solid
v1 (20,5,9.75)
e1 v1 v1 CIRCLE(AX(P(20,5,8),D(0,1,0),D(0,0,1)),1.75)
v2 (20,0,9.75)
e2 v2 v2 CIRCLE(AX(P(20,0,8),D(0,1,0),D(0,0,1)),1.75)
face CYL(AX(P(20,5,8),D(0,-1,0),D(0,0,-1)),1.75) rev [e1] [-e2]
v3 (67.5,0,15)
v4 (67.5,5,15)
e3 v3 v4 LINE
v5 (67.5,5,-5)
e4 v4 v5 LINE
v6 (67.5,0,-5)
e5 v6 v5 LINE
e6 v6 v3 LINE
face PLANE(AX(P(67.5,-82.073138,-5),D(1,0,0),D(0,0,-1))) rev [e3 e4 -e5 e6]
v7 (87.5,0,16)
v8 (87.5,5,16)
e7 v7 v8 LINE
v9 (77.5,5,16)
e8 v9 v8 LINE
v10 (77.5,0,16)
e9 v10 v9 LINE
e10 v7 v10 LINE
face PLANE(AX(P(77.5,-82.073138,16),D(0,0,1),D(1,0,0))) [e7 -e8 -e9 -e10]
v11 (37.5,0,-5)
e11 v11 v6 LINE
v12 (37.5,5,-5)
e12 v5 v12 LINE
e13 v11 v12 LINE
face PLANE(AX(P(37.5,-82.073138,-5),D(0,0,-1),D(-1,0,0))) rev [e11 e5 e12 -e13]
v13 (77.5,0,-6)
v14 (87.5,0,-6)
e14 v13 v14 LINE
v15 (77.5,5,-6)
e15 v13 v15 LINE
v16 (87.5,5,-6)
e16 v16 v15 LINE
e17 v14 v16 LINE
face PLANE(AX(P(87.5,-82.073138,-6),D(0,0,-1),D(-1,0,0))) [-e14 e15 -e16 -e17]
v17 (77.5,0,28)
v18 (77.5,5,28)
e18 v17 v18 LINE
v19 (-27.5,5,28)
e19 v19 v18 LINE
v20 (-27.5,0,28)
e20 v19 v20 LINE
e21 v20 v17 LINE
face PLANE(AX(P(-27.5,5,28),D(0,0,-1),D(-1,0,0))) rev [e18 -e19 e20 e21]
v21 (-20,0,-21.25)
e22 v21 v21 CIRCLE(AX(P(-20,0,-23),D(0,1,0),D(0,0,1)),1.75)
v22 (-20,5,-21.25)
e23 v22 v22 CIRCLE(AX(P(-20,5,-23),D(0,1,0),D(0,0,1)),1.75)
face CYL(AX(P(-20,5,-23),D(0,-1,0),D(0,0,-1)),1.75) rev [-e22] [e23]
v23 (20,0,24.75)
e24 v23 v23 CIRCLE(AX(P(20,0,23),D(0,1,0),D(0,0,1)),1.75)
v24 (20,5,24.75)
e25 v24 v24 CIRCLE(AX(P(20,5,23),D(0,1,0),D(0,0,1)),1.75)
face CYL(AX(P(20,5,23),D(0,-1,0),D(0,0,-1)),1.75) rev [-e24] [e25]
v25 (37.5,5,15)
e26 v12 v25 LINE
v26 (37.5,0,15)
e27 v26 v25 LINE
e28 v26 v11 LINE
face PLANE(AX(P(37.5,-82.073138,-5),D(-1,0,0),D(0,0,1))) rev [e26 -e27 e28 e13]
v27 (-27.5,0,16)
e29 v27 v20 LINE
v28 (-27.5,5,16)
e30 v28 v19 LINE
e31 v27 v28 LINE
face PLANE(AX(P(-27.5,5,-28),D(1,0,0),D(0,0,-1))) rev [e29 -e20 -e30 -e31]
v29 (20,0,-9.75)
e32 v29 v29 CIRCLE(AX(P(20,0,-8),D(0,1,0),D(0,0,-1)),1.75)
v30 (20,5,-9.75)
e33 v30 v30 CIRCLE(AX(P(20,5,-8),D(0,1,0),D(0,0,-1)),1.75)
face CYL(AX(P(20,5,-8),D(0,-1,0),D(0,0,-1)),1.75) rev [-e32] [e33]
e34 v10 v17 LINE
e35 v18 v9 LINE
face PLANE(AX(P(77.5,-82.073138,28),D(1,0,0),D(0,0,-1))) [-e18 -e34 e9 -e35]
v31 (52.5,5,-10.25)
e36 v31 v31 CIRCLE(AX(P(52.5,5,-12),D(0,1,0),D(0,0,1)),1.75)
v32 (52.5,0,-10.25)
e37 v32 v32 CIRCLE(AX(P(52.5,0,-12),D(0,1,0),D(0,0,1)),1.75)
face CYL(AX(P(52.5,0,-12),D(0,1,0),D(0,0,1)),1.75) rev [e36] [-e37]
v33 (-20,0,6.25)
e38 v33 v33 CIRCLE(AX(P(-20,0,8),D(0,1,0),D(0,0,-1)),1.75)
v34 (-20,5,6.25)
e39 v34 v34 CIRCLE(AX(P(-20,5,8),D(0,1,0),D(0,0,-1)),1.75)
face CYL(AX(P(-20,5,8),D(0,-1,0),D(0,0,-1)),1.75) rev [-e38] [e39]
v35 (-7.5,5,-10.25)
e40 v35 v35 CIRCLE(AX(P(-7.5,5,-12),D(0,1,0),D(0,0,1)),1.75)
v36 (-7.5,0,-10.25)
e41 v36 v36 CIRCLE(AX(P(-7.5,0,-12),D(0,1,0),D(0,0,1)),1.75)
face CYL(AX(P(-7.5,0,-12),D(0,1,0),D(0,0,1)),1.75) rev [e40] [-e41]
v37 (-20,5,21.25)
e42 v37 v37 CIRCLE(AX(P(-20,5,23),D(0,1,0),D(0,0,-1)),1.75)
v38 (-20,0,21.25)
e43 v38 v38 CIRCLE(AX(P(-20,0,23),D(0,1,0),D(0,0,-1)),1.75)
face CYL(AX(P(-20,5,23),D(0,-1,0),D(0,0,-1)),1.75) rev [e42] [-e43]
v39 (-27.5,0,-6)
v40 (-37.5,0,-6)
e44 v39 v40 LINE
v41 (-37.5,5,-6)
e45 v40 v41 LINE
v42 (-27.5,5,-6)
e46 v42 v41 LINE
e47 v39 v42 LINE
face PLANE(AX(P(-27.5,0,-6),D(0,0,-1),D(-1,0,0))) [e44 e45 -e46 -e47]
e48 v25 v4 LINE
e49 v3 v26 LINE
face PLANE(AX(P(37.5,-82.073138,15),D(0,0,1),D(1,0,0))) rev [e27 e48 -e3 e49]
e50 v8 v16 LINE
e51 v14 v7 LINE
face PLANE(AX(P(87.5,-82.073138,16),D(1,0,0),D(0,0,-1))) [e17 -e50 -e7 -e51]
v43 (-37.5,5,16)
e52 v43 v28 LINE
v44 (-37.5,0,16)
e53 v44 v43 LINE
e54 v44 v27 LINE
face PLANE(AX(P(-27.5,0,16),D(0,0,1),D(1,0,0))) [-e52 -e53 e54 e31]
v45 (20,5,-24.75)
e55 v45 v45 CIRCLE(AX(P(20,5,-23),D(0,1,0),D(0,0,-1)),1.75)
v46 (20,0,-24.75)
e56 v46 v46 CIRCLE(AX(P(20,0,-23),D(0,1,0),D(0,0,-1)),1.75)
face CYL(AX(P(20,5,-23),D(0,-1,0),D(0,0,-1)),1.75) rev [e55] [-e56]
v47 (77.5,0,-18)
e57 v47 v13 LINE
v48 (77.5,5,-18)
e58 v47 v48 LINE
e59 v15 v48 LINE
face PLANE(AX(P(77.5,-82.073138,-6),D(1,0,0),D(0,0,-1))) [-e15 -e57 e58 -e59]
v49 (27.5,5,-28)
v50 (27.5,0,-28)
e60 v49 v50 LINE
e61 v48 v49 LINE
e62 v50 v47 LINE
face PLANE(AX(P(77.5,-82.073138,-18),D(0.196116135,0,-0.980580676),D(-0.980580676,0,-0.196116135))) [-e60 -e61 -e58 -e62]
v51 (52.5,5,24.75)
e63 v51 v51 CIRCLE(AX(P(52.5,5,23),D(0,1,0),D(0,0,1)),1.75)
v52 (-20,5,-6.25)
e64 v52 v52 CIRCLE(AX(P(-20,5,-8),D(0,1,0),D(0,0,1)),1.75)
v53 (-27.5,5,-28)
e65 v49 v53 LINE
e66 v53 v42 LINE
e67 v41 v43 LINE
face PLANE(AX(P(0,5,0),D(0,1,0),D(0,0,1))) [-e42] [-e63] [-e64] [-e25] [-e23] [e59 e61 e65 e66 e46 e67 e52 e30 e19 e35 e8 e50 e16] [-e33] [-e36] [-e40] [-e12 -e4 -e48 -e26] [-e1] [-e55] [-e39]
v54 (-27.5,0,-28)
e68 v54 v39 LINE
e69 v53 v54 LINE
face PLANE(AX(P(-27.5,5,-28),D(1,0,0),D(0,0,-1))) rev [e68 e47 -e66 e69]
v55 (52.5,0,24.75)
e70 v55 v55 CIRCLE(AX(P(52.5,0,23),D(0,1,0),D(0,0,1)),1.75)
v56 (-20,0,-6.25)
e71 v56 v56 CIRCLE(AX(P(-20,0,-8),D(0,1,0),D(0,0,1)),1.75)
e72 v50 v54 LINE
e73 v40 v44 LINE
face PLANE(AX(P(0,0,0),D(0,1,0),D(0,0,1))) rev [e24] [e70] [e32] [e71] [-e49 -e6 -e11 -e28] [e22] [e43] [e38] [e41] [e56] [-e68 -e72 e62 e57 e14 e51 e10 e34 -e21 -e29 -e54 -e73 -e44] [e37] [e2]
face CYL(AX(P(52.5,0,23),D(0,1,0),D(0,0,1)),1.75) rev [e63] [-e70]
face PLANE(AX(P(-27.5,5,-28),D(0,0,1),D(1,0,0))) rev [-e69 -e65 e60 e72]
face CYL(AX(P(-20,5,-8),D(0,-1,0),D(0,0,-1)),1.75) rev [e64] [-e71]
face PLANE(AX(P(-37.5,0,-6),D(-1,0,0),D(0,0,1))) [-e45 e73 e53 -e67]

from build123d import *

# Parameters (mm, degrees)
SKETCH2_W           = 55
SKETCH2_H           = 56
SKETCH2_R           = 1.75
BOSS_EXTRUDE1_DEPTH = 5
SKETCH3_W           = 30
SKETCH3_H           = 20
BOSS_EXTRUDE2_DEPTH = 5
SKETCH5_W           = 10
SKETCH5_H           = 22
BOSS_EXTRUDE3_DEPTH = 5
SKETCH6_R           = 1.75
CUT_EXTRUDE1_DEPTH  = 5


with BuildPart() as part:
    # Sketch2 → Boss-Extrude1 (new body)
    with BuildSketch(Plane(origin=(0, 0, 0), x_dir=(1, 0, 0), z_dir=(0, 1, 0))):
        Rectangle(SKETCH2_W, SKETCH2_H)
        with Locations(Location((-20, 8, 0), (0, 0, 270))):
            Circle(SKETCH2_R, mode=Mode.SUBTRACT)
        with Locations(Location((-20, 23, 0), (0, 0, 270))):
            Circle(SKETCH2_R, mode=Mode.SUBTRACT)
        with Locations(Location((20, 8, 0), (0, 0, 90))):
            Circle(SKETCH2_R, mode=Mode.SUBTRACT)
        with Locations(Location((20, 23, 0), (0, 0, 90))):
            Circle(SKETCH2_R, mode=Mode.SUBTRACT)
        with Locations(Location((20, -8, 0), (0, 0, 270))):
            Circle(SKETCH2_R, mode=Mode.SUBTRACT)
        with Locations(Location((20, -23, 0), (0, 0, 270))):
            Circle(SKETCH2_R, mode=Mode.SUBTRACT)
        with Locations(Location((-20, -8, 0), (0, 0, 90))):
            Circle(SKETCH2_R, mode=Mode.SUBTRACT)
        with Locations(Location((-20, -23, 0), (0, 0, 90))):
            Circle(SKETCH2_R, mode=Mode.SUBTRACT)
    extrude(amount=BOSS_EXTRUDE1_DEPTH)

    # Sketch3 → Boss-Extrude2 (add)
    with BuildSketch(Plane(origin=(0, 5, 0), x_dir=(1, 0, 0), z_dir=(0, 1, 0))):
        Polygon((27.5, 28), (27.5, -28), (77.5, -28), (77.5, -16), (87.5, -16), (87.5, 6), (77.5, 6), (77.5, 18), align=None)
        with Locations((52.5, -5)):
            Rectangle(SKETCH3_W, SKETCH3_H, mode=Mode.SUBTRACT)
    extrude(amount=-BOSS_EXTRUDE2_DEPTH)

    # Sketch5 → Boss-Extrude3 (add)
    with BuildSketch(Plane(origin=(0, 5, 0), x_dir=(1, 0, 0), z_dir=(0, 1, 0))):
        with Locations((-32.5, -5)):
            Rectangle(SKETCH5_W, SKETCH5_H)
    extrude(amount=-BOSS_EXTRUDE3_DEPTH)

    # Sketch6 → Cut-Extrude1 (cut)
    with BuildSketch(Plane(origin=(0, 5, 0), x_dir=(1, 0, 0), z_dir=(0, 1, 0))):
        with Locations(Location((-7.5, 12, 0), (0, 0, 270))):
            Circle(SKETCH6_R)
        with Locations(Location((52.5, 12, 0), (0, 0, 270))):
            Circle(SKETCH6_R)
        with Locations(Location((52.5, -23, 0), (0, 0, 270))):
            Circle(SKETCH6_R)
    extrude(amount=-CUT_EXTRUDE1_DEPTH, mode=Mode.SUBTRACT)


solid = part.part
